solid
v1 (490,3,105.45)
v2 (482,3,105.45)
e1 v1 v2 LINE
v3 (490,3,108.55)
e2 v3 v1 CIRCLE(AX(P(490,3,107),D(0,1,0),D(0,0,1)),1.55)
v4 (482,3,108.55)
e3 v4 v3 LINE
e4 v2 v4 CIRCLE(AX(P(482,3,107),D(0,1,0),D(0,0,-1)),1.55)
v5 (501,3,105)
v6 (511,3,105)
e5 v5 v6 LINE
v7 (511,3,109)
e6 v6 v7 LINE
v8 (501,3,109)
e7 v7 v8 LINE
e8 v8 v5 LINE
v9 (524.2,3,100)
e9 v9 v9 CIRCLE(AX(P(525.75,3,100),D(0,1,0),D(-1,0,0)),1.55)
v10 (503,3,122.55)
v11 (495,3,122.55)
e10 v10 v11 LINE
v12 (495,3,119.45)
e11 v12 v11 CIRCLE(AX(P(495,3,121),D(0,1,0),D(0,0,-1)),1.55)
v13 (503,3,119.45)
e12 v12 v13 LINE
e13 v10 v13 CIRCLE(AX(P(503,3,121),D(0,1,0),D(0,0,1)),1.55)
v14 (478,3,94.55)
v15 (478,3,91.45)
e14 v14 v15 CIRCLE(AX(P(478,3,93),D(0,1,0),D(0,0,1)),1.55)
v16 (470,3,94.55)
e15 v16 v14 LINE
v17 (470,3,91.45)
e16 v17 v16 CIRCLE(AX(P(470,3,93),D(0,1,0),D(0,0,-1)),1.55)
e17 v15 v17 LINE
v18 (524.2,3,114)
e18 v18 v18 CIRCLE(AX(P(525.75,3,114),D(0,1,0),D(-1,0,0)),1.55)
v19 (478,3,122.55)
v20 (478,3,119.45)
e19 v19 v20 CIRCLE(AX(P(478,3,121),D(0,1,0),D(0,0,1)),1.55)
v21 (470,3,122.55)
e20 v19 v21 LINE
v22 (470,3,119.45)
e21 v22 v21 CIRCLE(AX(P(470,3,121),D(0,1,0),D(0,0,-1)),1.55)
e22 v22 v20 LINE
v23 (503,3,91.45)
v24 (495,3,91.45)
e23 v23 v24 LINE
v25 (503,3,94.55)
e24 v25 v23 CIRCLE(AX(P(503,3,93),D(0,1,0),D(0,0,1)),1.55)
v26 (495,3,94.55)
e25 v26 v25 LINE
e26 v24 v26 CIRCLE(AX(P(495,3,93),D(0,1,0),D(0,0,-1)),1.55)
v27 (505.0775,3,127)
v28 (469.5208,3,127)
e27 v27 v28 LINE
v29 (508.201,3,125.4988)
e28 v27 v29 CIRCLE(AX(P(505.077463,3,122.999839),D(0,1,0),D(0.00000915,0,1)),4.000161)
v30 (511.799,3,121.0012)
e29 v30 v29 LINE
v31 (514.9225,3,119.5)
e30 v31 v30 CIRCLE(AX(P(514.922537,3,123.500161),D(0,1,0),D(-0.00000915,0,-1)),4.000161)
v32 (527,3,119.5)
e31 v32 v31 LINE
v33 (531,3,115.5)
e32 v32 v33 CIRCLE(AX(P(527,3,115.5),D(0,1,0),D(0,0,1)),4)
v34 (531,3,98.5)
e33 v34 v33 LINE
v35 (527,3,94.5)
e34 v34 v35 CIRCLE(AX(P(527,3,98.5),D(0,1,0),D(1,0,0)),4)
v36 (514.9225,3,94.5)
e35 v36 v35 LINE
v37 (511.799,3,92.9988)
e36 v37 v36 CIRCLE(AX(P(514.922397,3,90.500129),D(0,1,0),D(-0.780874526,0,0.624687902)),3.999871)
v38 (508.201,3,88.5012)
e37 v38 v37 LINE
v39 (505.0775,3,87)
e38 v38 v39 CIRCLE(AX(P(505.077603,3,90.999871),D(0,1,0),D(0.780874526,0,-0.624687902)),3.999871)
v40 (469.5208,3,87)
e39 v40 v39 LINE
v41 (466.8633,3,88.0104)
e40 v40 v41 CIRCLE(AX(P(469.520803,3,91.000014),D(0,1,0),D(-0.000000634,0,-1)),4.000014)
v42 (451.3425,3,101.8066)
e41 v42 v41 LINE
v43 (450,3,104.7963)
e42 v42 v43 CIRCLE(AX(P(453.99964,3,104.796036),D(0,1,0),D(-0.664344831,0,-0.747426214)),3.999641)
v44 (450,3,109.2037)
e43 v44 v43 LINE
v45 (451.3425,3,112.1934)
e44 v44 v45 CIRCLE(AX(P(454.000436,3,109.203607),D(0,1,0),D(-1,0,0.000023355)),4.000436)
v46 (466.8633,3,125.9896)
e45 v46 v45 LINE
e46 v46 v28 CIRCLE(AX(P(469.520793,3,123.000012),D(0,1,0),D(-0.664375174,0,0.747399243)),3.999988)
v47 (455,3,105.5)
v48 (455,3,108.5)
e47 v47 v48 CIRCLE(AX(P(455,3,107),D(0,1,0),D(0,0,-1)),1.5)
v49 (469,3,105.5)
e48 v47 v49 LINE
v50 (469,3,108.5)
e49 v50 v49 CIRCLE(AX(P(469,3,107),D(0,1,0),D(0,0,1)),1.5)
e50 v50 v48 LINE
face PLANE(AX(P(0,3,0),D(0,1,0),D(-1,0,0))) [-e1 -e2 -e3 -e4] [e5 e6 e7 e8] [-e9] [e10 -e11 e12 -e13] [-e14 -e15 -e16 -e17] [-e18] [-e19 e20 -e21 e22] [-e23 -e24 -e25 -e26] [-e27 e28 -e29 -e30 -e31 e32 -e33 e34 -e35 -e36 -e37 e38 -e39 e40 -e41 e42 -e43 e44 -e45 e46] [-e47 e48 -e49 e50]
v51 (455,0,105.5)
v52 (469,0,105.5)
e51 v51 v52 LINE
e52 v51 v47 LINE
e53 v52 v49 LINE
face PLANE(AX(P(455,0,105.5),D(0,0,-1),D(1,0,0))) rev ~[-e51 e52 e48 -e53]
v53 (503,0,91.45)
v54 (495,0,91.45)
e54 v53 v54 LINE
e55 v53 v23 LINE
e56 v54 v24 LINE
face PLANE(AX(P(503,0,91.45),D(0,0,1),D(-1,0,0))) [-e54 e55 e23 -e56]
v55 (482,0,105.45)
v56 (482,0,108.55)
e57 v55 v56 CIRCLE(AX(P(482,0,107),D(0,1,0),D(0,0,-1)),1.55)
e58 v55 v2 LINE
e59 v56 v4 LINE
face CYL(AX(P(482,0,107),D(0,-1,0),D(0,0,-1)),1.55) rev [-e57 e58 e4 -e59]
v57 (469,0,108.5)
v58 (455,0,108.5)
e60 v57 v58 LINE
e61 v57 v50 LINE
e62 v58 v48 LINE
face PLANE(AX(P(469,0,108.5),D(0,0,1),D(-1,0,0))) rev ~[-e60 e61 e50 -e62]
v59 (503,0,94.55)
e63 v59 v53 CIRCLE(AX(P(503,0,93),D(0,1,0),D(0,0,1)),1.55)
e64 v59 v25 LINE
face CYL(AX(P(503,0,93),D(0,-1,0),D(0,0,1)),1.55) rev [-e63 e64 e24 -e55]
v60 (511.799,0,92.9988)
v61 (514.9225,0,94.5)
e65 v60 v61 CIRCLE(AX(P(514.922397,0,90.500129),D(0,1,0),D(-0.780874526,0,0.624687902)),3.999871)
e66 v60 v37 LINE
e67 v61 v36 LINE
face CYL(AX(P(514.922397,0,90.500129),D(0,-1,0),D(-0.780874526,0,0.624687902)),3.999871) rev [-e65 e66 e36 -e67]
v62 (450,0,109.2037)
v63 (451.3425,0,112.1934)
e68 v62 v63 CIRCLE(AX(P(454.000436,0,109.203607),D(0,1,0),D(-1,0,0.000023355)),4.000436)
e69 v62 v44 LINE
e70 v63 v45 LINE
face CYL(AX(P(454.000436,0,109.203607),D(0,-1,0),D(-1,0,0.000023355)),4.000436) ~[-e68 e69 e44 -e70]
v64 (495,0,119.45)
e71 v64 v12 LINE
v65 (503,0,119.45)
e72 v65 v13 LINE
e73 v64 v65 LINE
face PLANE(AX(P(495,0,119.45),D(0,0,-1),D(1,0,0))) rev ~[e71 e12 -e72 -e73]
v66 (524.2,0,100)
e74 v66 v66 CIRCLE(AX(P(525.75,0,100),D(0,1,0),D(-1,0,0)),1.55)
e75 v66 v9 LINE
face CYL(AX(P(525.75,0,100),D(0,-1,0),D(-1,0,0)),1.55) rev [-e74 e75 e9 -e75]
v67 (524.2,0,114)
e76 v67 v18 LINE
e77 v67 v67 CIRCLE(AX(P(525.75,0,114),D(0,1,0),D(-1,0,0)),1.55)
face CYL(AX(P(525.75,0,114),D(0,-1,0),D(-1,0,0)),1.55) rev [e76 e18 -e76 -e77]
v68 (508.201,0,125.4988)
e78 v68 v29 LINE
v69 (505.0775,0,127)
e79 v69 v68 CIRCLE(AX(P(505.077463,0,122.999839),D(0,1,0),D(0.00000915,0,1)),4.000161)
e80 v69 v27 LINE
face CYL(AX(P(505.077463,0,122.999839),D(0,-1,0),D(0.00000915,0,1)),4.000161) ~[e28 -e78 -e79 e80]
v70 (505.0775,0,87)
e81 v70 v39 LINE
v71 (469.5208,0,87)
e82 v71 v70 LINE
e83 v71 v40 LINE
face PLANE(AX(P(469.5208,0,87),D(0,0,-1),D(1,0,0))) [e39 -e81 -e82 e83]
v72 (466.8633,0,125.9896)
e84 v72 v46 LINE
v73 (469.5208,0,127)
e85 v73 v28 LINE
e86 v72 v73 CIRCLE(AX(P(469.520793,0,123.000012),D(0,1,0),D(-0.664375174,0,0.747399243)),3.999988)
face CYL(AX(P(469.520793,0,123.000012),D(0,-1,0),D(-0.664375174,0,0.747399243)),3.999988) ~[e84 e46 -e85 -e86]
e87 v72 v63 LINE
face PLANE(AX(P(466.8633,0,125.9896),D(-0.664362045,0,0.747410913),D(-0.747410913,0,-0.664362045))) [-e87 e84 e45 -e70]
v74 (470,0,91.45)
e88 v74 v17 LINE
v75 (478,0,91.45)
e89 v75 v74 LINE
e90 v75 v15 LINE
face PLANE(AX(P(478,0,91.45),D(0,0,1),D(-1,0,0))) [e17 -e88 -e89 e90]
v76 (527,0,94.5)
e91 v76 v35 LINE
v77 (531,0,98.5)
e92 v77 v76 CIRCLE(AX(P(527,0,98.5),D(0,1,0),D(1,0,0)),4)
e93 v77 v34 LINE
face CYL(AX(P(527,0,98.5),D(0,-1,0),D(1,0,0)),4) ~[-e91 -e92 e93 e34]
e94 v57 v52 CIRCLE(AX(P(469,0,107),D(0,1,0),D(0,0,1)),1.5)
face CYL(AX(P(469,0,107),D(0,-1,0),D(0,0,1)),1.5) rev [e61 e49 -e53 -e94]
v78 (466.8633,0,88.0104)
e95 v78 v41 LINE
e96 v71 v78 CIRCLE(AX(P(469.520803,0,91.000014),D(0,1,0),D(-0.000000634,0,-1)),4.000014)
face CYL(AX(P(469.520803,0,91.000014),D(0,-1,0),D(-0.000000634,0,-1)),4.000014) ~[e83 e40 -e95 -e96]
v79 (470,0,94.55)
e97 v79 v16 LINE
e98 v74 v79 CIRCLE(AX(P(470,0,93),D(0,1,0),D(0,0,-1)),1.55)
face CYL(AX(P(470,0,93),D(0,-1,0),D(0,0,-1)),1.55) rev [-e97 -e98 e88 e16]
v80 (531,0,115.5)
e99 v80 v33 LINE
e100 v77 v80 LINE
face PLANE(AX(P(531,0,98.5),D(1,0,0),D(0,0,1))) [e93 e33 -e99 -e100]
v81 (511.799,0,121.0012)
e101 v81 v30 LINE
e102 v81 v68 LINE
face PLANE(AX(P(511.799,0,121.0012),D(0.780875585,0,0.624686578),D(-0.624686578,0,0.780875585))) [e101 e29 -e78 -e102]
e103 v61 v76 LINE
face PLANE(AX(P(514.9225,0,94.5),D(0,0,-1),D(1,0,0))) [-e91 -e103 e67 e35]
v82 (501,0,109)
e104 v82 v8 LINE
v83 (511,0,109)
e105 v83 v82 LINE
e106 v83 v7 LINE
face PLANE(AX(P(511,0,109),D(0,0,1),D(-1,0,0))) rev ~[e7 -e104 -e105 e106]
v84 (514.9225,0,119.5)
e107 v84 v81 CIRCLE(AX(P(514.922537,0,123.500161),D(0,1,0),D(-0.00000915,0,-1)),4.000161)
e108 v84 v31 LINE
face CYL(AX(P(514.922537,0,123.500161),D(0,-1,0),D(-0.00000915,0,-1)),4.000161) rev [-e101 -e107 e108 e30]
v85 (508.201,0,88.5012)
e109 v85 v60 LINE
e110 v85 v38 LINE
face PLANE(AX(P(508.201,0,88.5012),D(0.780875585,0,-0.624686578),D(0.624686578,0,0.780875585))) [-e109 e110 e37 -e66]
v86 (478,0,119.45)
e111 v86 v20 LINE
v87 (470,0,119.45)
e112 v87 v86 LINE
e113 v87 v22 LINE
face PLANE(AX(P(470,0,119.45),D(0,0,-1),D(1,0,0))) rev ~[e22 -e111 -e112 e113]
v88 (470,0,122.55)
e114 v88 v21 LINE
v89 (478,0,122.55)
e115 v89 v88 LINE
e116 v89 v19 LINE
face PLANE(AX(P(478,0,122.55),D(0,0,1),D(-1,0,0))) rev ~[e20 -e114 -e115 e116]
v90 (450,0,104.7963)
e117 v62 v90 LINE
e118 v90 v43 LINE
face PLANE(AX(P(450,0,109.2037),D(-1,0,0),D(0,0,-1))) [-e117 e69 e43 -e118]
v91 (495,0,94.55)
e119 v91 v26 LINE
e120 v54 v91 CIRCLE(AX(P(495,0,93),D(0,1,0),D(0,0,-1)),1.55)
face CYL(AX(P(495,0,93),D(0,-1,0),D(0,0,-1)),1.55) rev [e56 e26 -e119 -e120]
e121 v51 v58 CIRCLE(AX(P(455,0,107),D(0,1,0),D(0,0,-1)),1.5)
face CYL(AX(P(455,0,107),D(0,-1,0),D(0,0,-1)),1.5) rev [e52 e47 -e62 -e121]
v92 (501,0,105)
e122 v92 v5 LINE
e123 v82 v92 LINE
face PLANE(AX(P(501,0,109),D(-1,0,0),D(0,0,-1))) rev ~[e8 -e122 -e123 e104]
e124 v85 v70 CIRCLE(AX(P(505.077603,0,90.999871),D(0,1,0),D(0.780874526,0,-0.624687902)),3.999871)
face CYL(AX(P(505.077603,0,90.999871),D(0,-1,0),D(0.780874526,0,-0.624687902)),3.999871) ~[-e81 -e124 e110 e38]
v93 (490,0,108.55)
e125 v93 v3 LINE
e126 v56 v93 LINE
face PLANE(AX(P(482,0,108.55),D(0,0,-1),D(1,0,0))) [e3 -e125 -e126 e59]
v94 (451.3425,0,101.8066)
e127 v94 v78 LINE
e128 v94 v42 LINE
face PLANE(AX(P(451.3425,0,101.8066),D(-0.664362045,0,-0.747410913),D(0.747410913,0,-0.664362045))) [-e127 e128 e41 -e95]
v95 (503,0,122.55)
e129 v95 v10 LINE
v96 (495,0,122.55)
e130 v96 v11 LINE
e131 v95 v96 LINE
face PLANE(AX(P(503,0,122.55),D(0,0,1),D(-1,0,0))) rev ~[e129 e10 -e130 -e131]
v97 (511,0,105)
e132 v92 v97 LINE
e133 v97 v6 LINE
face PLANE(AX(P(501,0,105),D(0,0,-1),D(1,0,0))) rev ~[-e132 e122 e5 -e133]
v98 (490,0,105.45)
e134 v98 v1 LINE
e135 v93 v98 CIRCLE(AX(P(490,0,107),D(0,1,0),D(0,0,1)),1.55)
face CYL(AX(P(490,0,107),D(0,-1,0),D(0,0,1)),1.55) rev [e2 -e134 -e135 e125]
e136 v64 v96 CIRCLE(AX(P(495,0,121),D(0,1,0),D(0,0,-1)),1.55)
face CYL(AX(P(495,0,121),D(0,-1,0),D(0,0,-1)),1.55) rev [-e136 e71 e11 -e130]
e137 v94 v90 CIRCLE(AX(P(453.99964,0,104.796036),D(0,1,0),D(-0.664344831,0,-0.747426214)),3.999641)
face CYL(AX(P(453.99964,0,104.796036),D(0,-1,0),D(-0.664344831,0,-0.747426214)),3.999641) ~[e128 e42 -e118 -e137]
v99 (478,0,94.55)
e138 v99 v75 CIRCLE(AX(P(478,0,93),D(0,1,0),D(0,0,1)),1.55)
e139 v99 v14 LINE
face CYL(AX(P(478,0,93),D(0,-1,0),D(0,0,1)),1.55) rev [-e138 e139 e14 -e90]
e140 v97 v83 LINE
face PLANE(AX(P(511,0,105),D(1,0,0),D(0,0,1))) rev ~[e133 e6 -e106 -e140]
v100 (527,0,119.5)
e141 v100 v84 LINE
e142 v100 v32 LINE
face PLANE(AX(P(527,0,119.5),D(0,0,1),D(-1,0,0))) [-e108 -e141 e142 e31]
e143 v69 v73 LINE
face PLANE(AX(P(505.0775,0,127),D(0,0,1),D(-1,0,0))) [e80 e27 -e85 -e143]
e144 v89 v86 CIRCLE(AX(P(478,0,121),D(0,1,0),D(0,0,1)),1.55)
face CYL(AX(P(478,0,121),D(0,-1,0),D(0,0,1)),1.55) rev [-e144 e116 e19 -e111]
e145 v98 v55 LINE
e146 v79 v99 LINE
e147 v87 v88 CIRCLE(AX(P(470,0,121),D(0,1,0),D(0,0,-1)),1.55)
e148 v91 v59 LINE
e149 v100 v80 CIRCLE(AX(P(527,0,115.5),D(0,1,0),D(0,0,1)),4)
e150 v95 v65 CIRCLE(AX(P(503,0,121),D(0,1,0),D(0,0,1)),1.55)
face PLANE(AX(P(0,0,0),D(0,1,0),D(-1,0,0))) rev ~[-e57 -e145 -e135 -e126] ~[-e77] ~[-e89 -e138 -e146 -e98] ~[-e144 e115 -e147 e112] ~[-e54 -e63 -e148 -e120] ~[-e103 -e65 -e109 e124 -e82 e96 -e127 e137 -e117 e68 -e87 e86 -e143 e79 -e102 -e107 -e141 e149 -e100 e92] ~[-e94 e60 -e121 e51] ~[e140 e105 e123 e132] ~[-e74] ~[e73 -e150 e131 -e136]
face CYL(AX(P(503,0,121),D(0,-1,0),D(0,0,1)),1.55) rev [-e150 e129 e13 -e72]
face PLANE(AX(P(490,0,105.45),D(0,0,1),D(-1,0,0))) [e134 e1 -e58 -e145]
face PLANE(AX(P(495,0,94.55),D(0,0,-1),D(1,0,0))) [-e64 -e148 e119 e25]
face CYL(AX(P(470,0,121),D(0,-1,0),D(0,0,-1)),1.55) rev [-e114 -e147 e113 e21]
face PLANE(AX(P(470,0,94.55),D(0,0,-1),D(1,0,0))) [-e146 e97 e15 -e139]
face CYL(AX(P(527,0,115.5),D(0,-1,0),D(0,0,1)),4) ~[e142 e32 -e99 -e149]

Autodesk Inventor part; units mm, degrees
ref_plane "YZ Plane" through (0, 0, 0) normal (1, 0, 0) x (0, 1, 0)
ref_plane "XZ Plane" through (0, 0, 0) normal (0, 1, 0) x (-1, 0, 0)
ref_plane "XY Plane" through (0, 0, 0) normal (0, 0, 1) x (1, 0, 0)
sketch3d "3D Sketch1"
sketch "Sketch8" plane through (0, 0, 0) normal (0, 1, 0) x (-1, 0, 0)
  arc A0 (-533.9727, 129.2939) -> (-533.9727, 72.7061) centre (-524, 101) ccw projected
  arc A1 (-533.9727, 129.2939) -> (-540.6211, 148.1565) centre (-537.2969, 138.7252) ccw projected
  arc A2 (-540.6211, 148.1565) -> (-540.6211, 53.8435) centre (-524, 101) ccw projected
  arc A3 (-540.6211, 53.8435) -> (-533.9727, 72.7061) centre (-537.2969, 63.2748) ccw projected
  circle A4 centre (-537.2969, 63.2748) radius 3 projected
  circle A5 centre (-556.6482, 77.8001) radius 2.9994 projected
  circle A6 centre (-564, 101) radius 3 projected
  circle A7 centre (-556.6482, 124.1094) radius 2.9994 projected
  circle A8 centre (-537.2969, 138.7252) radius 3 projected
  line L0 (-531, 98.5) -> (-531, 115.5) projected
  line L1 (-451.3425, 101.8066) -> (-466.8633, 88.0104) projected
  arc A9 (-451.3425, 101.8066) -> (-450, 104.7963) centre (-454, 104.7963) ccw projected
  line L2 (-450, 109.2037) -> (-450, 104.7963) projected
  arc A10 (-450, 109.2037) -> (-451.3425, 112.1934) centre (-454, 109.2037) ccw projected
  line L3 (-466.8633, 125.9896) -> (-451.3425, 112.1934) projected
  arc A11 (-466.8633, 125.9896) -> (-469.5208, 127) centre (-469.5208, 123) ccw projected
  line L4 (-505.0775, 127) -> (-469.5208, 127) projected
  arc A12 (-505.0775, 127) -> (-508.201, 125.4988) centre (-505.0775, 123) ccw projected
  line L5 (-511.799, 121.0012) -> (-508.201, 125.4988) projected
  arc A13 (-514.9225, 119.5) -> (-511.799, 121.0012) centre (-514.9225, 123.5) ccw projected
  line L6 (-527, 119.5) -> (-514.9225, 119.5) projected
  arc A14 (-527, 119.5) -> (-531, 115.5) centre (-527, 115.5) ccw projected
  arc A15 (-531, 98.5) -> (-527, 94.5) centre (-527, 98.5) ccw projected
  line L7 (-514.9225, 94.5) -> (-527, 94.5) projected
  arc A16 (-511.799, 92.9988) -> (-514.9225, 94.5) centre (-514.9225, 90.5) ccw projected
  line L8 (-508.201, 88.5012) -> (-511.799, 92.9988) projected
  arc A17 (-508.201, 88.5012) -> (-505.0775, 87) centre (-505.0775, 91) ccw projected
  line L9 (-469.5208, 87) -> (-505.0775, 87) projected
  line L10 (-478, 91.45) -> (-470, 91.45) projected
  arc A18 (-470, 91.45) -> (-470, 94.55) centre (-470, 93) ccw projected
  line L11 (-470, 94.55) -> (-478, 94.55) projected
  arc A19 (-478, 94.55) -> (-478, 91.45) centre (-478, 93) ccw projected
  arc A20 (-495, 91.45) -> (-495, 94.55) centre (-495, 93) ccw projected
  line L12 (-503, 91.45) -> (-495, 91.45) projected
  arc A21 (-503, 94.55) -> (-503, 91.45) centre (-503, 93) ccw projected
  line L13 (-495, 94.55) -> (-503, 94.55) projected
  line L14 (-455, 105.5) -> (-469, 105.5) projected
  arc A22 (-455, 105.5) -> (-455, 108.5) centre (-455, 107) ccw projected
  line L15 (-469, 108.5) -> (-455, 108.5) projected
  arc A23 (-469, 108.5) -> (-469, 105.5) centre (-469, 107) ccw projected
  arc A24 (-482, 105.45) -> (-482, 108.55) centre (-482, 107) ccw projected
  line L16 (-490, 105.45) -> (-482, 105.45) projected
  arc A25 (-490, 108.55) -> (-490, 105.45) centre (-490, 107) ccw projected
  line L17 (-482, 108.55) -> (-490, 108.55) projected
  line L18 (-501, 109) -> (-501, 105) projected
  line L19 (-501, 105) -> (-511, 105) projected
  line L20 (-511, 105) -> (-511, 109) projected
  line L21 (-511, 109) -> (-501, 109) projected
  circle A26 centre (-525.75, 100) radius 1.55 projected
  circle A27 centre (-525.75, 114) radius 1.55 projected
  arc A28 (-503, 122.55) -> (-503, 119.45) centre (-503, 121) ccw projected
  line L22 (-503, 122.55) -> (-495, 122.55) projected
  arc A29 (-495, 119.45) -> (-495, 122.55) centre (-495, 121) ccw projected
  line L23 (-495, 119.45) -> (-503, 119.45) projected
  arc A30 (-478, 122.55) -> (-478, 119.45) centre (-478, 121) ccw projected
  line L24 (-478, 122.55) -> (-470, 122.55) projected
  arc A31 (-470, 119.45) -> (-470, 122.55) centre (-470, 121) ccw projected
  line L25 (-470, 119.45) -> (-478, 119.45) projected
  arc A32 (-469.5208, 87) -> (-466.8633, 88.0104) centre (-469.5208, 91) ccw projected
  point P0 (0, 0)
extrude "Extrusion1" add sketch "Sketch8" along normal blind 3 contours L0 A14 L6 A13 L5 A12 L4 A11 L3 A10 L2 A9 L1 A32 L9 A17 L8 A16 L7 A15
properties part number "pulsador_monta_servo"
